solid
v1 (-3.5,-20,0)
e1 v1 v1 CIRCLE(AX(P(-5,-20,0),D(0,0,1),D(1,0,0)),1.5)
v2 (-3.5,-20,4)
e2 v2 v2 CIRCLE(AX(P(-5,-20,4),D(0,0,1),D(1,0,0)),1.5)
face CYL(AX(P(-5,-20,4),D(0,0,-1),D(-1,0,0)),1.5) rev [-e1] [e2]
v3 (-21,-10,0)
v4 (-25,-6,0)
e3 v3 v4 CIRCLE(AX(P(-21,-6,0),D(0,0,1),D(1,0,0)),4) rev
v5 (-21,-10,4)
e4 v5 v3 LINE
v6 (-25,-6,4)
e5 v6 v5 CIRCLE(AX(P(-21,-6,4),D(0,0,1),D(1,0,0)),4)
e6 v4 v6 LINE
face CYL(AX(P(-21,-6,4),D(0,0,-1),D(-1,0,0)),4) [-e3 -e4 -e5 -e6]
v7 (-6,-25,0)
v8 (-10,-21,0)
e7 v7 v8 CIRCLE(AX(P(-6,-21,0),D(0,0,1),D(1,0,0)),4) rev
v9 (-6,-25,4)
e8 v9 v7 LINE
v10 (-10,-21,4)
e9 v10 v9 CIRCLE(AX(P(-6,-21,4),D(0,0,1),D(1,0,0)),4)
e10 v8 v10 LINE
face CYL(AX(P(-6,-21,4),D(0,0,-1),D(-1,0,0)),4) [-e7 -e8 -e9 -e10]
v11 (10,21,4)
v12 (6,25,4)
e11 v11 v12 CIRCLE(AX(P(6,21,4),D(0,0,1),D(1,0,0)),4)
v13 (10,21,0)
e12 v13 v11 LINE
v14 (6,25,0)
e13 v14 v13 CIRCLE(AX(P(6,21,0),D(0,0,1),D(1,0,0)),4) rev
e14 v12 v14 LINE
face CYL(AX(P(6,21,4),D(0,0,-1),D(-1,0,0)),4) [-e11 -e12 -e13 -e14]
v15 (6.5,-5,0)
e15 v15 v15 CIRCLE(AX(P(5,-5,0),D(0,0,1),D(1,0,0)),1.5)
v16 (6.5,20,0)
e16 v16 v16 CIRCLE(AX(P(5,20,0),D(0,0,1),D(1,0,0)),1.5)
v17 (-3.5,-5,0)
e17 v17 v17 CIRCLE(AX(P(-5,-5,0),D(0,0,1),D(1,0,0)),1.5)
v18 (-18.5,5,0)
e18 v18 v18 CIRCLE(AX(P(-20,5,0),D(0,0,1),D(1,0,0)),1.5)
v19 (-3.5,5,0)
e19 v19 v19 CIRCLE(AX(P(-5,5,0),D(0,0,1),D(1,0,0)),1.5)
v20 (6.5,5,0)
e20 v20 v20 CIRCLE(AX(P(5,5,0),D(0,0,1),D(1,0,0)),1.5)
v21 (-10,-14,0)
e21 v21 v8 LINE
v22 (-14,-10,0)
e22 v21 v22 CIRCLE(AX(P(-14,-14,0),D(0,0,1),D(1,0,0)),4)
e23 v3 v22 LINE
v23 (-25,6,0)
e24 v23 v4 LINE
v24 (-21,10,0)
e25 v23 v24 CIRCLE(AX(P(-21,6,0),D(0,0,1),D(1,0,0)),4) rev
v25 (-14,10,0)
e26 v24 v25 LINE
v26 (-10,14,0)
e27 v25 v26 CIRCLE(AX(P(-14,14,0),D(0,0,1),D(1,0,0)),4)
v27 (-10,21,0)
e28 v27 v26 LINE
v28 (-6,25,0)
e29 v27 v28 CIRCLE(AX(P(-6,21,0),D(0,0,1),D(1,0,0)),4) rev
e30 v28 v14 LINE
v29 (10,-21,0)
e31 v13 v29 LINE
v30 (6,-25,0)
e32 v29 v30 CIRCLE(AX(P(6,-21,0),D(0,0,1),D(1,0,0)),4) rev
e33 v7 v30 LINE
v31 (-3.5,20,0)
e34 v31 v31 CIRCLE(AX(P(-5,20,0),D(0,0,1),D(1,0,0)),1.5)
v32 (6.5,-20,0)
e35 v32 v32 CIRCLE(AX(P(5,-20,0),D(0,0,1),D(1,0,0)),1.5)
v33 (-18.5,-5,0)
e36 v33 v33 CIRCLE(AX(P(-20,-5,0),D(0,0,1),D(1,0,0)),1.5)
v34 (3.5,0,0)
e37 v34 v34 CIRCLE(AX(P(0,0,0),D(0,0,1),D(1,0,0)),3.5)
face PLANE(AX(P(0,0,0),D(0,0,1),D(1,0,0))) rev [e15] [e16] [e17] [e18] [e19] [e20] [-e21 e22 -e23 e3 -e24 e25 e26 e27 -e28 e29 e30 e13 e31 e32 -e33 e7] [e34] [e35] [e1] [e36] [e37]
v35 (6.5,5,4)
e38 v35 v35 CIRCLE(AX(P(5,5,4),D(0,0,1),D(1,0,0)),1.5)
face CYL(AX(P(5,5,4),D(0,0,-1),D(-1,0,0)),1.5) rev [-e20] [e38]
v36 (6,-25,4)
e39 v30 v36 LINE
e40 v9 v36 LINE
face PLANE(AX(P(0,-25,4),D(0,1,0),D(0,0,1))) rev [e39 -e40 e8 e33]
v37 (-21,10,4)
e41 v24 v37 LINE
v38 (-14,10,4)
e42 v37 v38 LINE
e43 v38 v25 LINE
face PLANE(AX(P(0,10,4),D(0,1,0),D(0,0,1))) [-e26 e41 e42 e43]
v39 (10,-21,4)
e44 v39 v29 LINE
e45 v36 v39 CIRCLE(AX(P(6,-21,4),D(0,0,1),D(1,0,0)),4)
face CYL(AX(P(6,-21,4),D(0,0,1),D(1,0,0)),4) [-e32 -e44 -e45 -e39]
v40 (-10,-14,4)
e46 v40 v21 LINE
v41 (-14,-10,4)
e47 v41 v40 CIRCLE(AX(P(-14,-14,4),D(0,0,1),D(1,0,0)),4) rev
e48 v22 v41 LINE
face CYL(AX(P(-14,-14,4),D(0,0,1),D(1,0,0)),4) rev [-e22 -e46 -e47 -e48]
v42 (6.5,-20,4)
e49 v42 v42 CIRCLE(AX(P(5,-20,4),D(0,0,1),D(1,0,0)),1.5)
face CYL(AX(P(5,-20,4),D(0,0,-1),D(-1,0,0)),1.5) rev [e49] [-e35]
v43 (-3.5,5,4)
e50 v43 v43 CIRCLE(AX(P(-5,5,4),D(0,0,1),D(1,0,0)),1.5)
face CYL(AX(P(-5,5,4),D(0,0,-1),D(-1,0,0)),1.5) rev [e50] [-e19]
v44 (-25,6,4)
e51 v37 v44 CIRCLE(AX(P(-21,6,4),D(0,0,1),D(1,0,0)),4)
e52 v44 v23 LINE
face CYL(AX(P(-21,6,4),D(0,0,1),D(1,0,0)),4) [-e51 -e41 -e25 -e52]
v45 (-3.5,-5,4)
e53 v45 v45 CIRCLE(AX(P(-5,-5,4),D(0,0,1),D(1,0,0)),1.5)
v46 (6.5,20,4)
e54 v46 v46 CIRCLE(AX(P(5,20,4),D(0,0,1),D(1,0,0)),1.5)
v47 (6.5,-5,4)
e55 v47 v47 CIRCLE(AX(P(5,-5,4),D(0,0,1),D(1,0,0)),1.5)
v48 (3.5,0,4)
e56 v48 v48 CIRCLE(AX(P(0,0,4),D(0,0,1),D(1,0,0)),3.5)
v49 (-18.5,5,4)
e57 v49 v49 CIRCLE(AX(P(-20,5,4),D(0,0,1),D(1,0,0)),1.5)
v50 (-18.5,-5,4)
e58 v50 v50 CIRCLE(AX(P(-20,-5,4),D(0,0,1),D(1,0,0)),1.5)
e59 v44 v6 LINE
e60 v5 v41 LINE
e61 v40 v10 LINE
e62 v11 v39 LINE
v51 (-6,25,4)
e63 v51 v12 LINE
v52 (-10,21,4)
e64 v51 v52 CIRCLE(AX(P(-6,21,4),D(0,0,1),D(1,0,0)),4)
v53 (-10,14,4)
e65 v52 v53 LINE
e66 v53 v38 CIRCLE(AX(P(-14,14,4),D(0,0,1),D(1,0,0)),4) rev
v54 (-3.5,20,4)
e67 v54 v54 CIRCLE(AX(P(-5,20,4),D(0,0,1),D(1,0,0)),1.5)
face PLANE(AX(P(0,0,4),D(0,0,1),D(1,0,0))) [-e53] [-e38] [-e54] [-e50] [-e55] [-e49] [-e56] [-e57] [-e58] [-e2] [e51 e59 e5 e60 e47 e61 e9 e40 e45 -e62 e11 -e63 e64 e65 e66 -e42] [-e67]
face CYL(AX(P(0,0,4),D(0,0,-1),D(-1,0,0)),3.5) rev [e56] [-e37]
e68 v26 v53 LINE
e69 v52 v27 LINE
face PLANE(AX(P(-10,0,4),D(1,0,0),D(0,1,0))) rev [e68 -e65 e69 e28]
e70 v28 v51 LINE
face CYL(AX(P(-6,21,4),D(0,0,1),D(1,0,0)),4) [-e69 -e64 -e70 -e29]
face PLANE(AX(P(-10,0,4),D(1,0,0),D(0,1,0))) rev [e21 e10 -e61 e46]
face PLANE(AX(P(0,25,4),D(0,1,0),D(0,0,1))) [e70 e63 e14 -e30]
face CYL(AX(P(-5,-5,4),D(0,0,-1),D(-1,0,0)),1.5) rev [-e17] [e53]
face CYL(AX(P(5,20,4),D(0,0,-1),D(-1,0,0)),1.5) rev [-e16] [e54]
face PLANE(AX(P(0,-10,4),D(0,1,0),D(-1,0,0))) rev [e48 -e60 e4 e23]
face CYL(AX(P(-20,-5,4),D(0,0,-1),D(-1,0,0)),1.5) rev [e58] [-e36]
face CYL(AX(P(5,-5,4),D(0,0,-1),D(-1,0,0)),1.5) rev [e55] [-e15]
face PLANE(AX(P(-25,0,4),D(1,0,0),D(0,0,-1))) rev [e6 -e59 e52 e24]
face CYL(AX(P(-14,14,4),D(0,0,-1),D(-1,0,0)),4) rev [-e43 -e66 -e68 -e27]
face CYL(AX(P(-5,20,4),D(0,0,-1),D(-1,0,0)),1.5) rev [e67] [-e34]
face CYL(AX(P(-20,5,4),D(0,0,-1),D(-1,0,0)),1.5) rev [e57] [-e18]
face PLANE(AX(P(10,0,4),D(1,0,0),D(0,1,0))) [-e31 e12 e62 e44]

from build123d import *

# Parameters (mm, degrees)
SKETCH_1_W      = 15
SKETCH_1_H      = 20
SKETCH_1_R      = 1.5
SKETCH_1_W_2    = 20
SKETCH_1_R_2    = 3.5
SKETCH_1_H_2    = 15
EXTRUDE_1_DEPTH = 4
FILLET_1_R      = 4


with BuildPart() as part:
    # 草图1 → 凸台-拉伸1 (new body)
    # profile 1 of 4: a face of its own
    with BuildSketch(Plane.XY):
        with Locations((-17.5, 0)):
            Rectangle(SKETCH_1_W, SKETCH_1_H)
        with Locations((-20, -5)):
            Circle(SKETCH_1_R, mode=Mode.SUBTRACT)
        with Locations((-20, 5)):
            Circle(SKETCH_1_R, mode=Mode.SUBTRACT)
    # profile 2 of 4: a face of its own
    with BuildSketch(Plane.XY):
        Rectangle(SKETCH_1_W_2, SKETCH_1_H)
        with Locations((-5, -5)):
            Circle(SKETCH_1_R, mode=Mode.SUBTRACT)
        Circle(SKETCH_1_R_2, mode=Mode.SUBTRACT)
        with Locations((5, -5)):
            Circle(SKETCH_1_R, mode=Mode.SUBTRACT)
        with Locations((-5, 5)):
            Circle(SKETCH_1_R, mode=Mode.SUBTRACT)
        with Locations((5, 5)):
            Circle(SKETCH_1_R, mode=Mode.SUBTRACT)
    # profile 3 of 4: a face of its own
    with BuildSketch(Plane.XY):
        with Locations((0, 17.5)):
            Rectangle(SKETCH_1_W_2, SKETCH_1_H_2)
        with Locations((-5, 20)):
            Circle(SKETCH_1_R, mode=Mode.SUBTRACT)
        with Locations((5, 20)):
            Circle(SKETCH_1_R, mode=Mode.SUBTRACT)
    # profile 4 of 4: a face of its own
    with BuildSketch(Plane.XY):
        with Locations((0, -17.5)):
            Rectangle(SKETCH_1_W_2, SKETCH_1_H_2)
        with Locations((-5, -20)):
            Circle(SKETCH_1_R, mode=Mode.SUBTRACT)
        with Locations((5, -20)):
            Circle(SKETCH_1_R, mode=Mode.SUBTRACT)
    extrude(amount=EXTRUDE_1_DEPTH)

    # 圆角1
    fillet_1_edges = [part.edges().sort_by_distance(p)[0] for p in [
        (-25, -10, 2),
        (-25, 10, 2),
        (-10, 10, 2),
        (-10, 25, 2),
        (10, 25, 2),
        (10, -25, 2),
        (-10, -25, 2),
        (-10, -10, 2),
    ]]
    fillet(fillet_1_edges, radius=FILLET_1_R)


solid = part.part
